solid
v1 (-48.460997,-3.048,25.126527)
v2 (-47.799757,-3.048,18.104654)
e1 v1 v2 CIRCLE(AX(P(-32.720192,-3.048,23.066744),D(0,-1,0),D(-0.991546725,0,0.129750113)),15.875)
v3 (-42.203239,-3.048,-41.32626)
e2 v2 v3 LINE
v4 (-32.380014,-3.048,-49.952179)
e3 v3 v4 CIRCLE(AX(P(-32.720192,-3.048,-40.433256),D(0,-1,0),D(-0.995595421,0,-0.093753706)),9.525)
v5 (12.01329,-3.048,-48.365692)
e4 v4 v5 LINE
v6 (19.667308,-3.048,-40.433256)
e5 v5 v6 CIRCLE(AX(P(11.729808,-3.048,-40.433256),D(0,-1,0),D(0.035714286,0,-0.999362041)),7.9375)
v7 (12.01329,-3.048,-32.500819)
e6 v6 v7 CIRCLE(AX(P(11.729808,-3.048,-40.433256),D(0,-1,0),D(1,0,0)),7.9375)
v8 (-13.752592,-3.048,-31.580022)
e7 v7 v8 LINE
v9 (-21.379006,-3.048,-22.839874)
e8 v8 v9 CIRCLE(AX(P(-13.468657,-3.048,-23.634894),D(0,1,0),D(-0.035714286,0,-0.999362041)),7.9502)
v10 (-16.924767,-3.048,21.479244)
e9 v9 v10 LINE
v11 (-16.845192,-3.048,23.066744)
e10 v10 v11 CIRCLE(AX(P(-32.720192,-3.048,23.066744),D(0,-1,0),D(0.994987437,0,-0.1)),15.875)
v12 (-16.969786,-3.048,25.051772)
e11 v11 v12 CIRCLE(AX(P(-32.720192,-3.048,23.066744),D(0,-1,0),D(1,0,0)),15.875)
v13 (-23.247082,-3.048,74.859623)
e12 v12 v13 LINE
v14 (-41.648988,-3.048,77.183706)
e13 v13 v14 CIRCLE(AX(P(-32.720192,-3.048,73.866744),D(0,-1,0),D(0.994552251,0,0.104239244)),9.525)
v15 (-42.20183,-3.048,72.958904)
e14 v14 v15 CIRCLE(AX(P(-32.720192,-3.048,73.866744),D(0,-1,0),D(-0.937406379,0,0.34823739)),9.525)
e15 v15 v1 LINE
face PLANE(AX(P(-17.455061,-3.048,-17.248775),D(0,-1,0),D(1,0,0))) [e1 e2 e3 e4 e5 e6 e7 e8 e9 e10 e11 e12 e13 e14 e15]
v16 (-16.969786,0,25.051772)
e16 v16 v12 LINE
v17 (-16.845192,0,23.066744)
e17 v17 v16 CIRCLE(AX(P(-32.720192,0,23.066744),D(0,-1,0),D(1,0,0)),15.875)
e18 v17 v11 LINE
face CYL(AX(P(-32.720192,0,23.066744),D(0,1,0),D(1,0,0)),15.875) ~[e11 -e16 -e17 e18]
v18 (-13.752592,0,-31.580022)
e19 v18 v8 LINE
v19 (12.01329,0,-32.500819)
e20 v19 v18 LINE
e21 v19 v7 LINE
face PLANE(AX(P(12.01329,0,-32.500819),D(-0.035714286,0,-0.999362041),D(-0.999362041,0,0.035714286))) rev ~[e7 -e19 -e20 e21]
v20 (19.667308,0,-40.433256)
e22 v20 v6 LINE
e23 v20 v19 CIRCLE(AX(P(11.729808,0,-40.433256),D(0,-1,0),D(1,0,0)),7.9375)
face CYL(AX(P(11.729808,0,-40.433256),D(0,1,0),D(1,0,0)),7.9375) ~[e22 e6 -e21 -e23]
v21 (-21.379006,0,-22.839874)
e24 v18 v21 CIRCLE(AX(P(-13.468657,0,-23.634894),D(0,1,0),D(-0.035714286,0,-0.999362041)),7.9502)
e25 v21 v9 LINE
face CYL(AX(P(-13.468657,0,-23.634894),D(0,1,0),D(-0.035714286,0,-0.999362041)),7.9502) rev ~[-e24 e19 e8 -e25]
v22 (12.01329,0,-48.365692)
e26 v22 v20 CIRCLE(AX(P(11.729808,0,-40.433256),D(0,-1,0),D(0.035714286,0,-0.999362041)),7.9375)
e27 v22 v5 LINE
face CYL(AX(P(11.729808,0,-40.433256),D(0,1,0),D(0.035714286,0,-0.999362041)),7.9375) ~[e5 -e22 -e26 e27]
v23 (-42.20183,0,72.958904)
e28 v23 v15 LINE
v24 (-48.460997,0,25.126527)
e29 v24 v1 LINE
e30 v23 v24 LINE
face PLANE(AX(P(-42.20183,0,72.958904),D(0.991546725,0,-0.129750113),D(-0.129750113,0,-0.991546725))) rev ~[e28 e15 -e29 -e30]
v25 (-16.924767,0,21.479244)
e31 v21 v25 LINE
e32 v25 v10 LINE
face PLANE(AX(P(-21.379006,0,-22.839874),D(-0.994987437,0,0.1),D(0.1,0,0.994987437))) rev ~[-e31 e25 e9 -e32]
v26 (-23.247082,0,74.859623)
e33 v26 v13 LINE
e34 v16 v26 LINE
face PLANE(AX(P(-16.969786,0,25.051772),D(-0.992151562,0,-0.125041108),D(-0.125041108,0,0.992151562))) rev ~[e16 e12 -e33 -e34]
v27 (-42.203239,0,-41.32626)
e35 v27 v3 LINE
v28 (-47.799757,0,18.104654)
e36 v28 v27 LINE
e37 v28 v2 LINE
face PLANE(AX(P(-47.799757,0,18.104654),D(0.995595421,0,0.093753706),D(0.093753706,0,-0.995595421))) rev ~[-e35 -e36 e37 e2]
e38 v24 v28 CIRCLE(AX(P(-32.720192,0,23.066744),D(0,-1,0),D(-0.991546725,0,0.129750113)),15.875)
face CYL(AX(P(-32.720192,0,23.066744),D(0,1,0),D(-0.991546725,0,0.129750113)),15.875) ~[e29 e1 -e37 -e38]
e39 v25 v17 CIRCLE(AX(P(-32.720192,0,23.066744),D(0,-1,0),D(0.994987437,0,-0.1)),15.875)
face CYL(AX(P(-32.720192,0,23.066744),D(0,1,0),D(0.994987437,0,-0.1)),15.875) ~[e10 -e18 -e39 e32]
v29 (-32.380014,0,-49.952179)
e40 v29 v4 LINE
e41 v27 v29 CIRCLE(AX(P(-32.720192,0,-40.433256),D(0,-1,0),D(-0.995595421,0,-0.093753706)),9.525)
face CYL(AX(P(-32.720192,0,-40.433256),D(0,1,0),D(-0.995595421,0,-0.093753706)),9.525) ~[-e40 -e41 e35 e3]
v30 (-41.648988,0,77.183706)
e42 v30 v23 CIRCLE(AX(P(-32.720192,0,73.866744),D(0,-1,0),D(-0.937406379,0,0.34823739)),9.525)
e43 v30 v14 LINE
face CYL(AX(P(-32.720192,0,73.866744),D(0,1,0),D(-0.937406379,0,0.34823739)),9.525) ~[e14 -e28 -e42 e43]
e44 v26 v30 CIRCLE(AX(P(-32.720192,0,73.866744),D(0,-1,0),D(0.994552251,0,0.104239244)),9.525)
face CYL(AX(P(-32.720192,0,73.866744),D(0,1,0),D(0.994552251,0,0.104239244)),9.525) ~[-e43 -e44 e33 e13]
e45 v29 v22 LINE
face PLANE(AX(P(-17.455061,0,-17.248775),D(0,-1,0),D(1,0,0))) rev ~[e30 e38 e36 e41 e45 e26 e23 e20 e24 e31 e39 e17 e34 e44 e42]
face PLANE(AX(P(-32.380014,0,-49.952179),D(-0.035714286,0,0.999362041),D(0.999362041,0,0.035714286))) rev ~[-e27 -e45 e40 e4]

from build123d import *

# Parameters (mm, degrees)
F0_R     = 3.175
F1_DEPTH = 3.048


with BuildPart() as f1:
    # F0 (on Front) → F1 (new body)
    with BuildSketch(Plane.XZ):
        with BuildLine():
            ThreePointArc((-16.9247666998, 21.4792444312), (-22.070918521, 11.293529333), (-32.7201922638, 7.1917444312))
            Line((-32.7201922638, 7.1917444312), (-32.7201922638, -30.9082555688))
            ThreePointArc((-32.7201922638, -30.9082555688), (-25.985000173, -33.698063478), (-23.1951922638, -40.4332555688))
            Line((-23.1951922638, -40.4332555688), (3.7923077362, -40.4332555688))
            ThreePointArc((3.7923077362, -40.4332555688), (6.2182849547, -34.7212486641), (12.013289879, -32.5008193651))
            Line((12.013289879, -32.5008193651), (-13.7525922633, -31.5800218579))
            ThreePointArc((-13.7525922633, -31.5800218579), (-19.4589923665, -28.8618964189), (-21.3790056715, -22.8398737564))
            Line((-21.3790056715, -22.8398737564), (-16.9247666998, 21.4792444312))
        make_face()
        with BuildLine():
            ThreePointArc((-32.7201922638, 7.1917444312), (-42.0272444513, 10.2061688384), (-47.7997573919, 18.1046540905))
            Line((-47.7997573919, 18.1046540905), (-42.2032386499, -41.326259622))
            ThreePointArc((-42.2032386499, -41.326259622), (-39.7640366902, -34.0215568316), (-32.7201922638, -30.9082555688))
            Line((-32.7201922638, -30.9082555688), (-32.7201922638, 7.1917444312))
        make_face()
        with BuildLine():
            ThreePointArc((-23.1951922638, 73.8667444312), (-25.985000173, 67.1315523404), (-32.7201922638, 64.3417444312))
            Line((-32.7201922638, 64.3417444312), (-32.7201922638, 59.5919444312))
            Line((-32.7201922638, 59.5919444312), (-32.7201922638, 38.9417444312))
            ThreePointArc((-32.7201922638, 38.9417444312), (-22.2201134041, 34.9732119568), (-16.9697862216, 25.051772014))
            Line((-16.9697862216, 25.051772014), (-23.2470820733, 74.8596232349))
            ThreePointArc((-23.2470820733, 74.8596232349), (-23.2081735621, 74.3638613368), (-23.1951922638, 73.8667444312))
        make_face()
        with BuildLine():
            ThreePointArc((-16.9697862216, 25.051772014), (-22.2201134041, 34.9732119568), (-32.7201922638, 38.9417444312))
            Line((-32.7201922638, 38.9417444312), (-32.7201922638, 26.2417444312))
            ThreePointArc((-32.7201922638, 26.2417444312), (-30.4751282336, 25.3118084615), (-29.5451922638, 23.0667444312))
            ThreePointArc((-29.5451922638, 23.0667444312), (-30.4751282336, 20.821680401), (-32.7201922638, 19.8917444312))
            Line((-32.7201922638, 19.8917444312), (-32.7201922638, 7.1917444312))
            ThreePointArc((-32.7201922638, 7.1917444312), (-22.070918521, 11.293529333), (-16.9247666998, 21.4792444312))
            ThreePointArc((-16.9247666998, 21.4792444312), (-16.8650983532, 22.2719978772), (-16.8451922638, 23.0667444312))
            ThreePointArc((-16.8451922638, 23.0667444312), (-16.8763713718, 24.0612113938), (-16.9697862216, 25.051772014))
        make_face()
        with BuildLine():
            Line((-32.7201922638, 26.2417444312), (-32.7201922638, 38.9417444312))
            ThreePointArc((-32.7201922638, 38.9417444312), (-43.1919774337, 34.9981039664), (-48.4609965266, 25.1265274684))
            Line((-48.4609965266, 25.1265274684), (-47.7997573919, 18.1046540905))
            ThreePointArc((-47.7997573919, 18.1046540905), (-42.0272444513, 10.2061688384), (-32.7201922638, 7.1917444312))
            Line((-32.7201922638, 7.1917444312), (-32.7201922638, 19.8917444312))
            ThreePointArc((-32.7201922638, 19.8917444312), (-35.8951922638, 23.0667444312), (-32.7201922638, 26.2417444312))
        make_face()
        with BuildLine():
            Line((-32.7201922638, 59.5919444312), (-32.7201922638, 64.3417444312))
            ThreePointArc((-32.7201922638, 64.3417444312), (-39.1263785452, 66.8178862025), (-42.2018298248, 72.9589040472))
            Line((-42.2018298248, 72.9589040472), (-48.4609965266, 25.1265274684))
            ThreePointArc((-48.4609965266, 25.1265274684), (-43.1919774337, 34.9981039664), (-32.7201922638, 38.9417444312))
            Line((-32.7201922638, 38.9417444312), (-32.7201922638, 59.5919444312))
        make_face()
        with Locations((-35.8951922638, 59.5919444312)):
            Circle(F0_R, mode=Mode.SUBTRACT)
        with BuildLine():
            ThreePointArc((-42.2018298248, 72.9589040472), (-39.1263785452, 66.8178862025), (-32.7201922638, 64.3417444312))
            ThreePointArc((-32.7201922638, 64.3417444312), (-25.985000173, 67.1315523404), (-23.1951922638, 73.8667444312))
            ThreePointArc((-23.1951922638, 73.8667444312), (-23.2081735621, 74.3638613368), (-23.2470820733, 74.8596232349))
            ThreePointArc((-23.2470820733, 74.8596232349), (-31.5267060991, 83.3166764826), (-41.6489880278, 77.1837055714))
            Line((-41.6489880278, 77.1837055714), (-42.2018298248, 72.9589040472))
        make_face()
        with BuildLine():
            ThreePointArc((-29.5451922638, 73.8667444312), (-30.4751282336, 71.621680401), (-32.7201922638, 70.6917444312))
            ThreePointArc((-32.7201922638, 70.6917444312), (-34.9652562941, 76.1118084615), (-29.5451922638, 73.8667444312))
        make_face(mode=Mode.SUBTRACT)
        with BuildLine():
            ThreePointArc((-23.1951922638, -40.4332555688), (-25.8657839782, -47.0470829065), (-32.3800136924, -49.9521790131))
            Line((-32.3800136924, -49.9521790131), (12.013289879, -48.3656917724))
            ThreePointArc((12.013289879, -48.3656917724), (6.2182849547, -46.1452624735), (3.7923077362, -40.4332555688))
            Line((3.7923077362, -40.4332555688), (-23.1951922638, -40.4332555688))
        make_face()
        with BuildLine():
            ThreePointArc((3.7923077362, -40.4332555688), (6.2182849547, -46.1452624735), (12.013289879, -48.3656917724))
            ThreePointArc((12.013289879, -48.3656917724), (17.4418146409, -45.9447783502), (19.6673077362, -40.4332555688))
            ThreePointArc((19.6673077362, -40.4332555688), (17.4418146409, -34.9217327873), (12.013289879, -32.5008193651))
            ThreePointArc((12.013289879, -32.5008193651), (6.2182849547, -34.7212486641), (3.7923077362, -40.4332555688))
        make_face()
        with BuildLine():
            ThreePointArc((14.9048077362, -40.4332555688), (11.7298077362, -43.6082555688), (8.5548077362, -40.4332555688))
            ThreePointArc((8.5548077362, -40.4332555688), (11.7298077362, -37.2582555688), (14.9048077362, -40.4332555688))
        make_face(mode=Mode.SUBTRACT)
        with BuildLine():
            ThreePointArc((-32.7201922638, -30.9082555688), (-39.7640366902, -34.0215568316), (-42.2032386499, -41.326259622))
            ThreePointArc((-42.2032386499, -41.326259622), (-39.0050653178, -47.5904893707), (-32.3800136924, -49.9521790131))
            ThreePointArc((-32.3800136924, -49.9521790131), (-25.8657839782, -47.0470829065), (-23.1951922638, -40.4332555688))
            Line((-23.1951922638, -40.4332555688), (-29.5451922638, -40.4332555688))
            ThreePointArc((-29.5451922638, -40.4332555688), (-34.9652562941, -42.678319599), (-32.7201922638, -37.2582555688))
            Line((-32.7201922638, -37.2582555688), (-32.7201922638, -30.9082555688))
        make_face()
        with BuildLine():
            ThreePointArc((-23.1951922638, -40.4332555688), (-25.985000173, -33.698063478), (-32.7201922638, -30.9082555688))
            Line((-32.7201922638, -30.9082555688), (-32.7201922638, -37.2582555688))
            ThreePointArc((-32.7201922638, -37.2582555688), (-30.4751282336, -38.1881915385), (-29.5451922638, -40.4332555688))
            Line((-29.5451922638, -40.4332555688), (-23.1951922638, -40.4332555688))
        make_face()
        with Locations((-35.8951922638, 59.5919444312)):
            Circle(F0_R)
        with BuildLine():
            ThreePointArc((-29.5451922638, 73.8667444312), (-34.9652562941, 76.1118084615), (-32.7201922638, 70.6917444312))
            ThreePointArc((-32.7201922638, 70.6917444312), (-30.4751282336, 71.621680401), (-29.5451922638, 73.8667444312))
        make_face()
        with BuildLine():
            ThreePointArc((14.9048077362, -40.4332555688), (11.7298077362, -37.2582555688), (8.5548077362, -40.4332555688))
            ThreePointArc((8.5548077362, -40.4332555688), (11.7298077362, -43.6082555688), (14.9048077362, -40.4332555688))
        make_face()
        with BuildLine():
            Line((-32.7201922638, -40.4332555688), (-32.7201922638, -37.2582555688))
            ThreePointArc((-32.7201922638, -37.2582555688), (-34.9652562941, -42.678319599), (-29.5451922638, -40.4332555688))
            Line((-29.5451922638, -40.4332555688), (-32.7201922638, -40.4332555688))
        make_face()
        with BuildLine():
            ThreePointArc((-29.5451922638, 23.0667444312), (-30.4751282336, 25.3118084615), (-32.7201922638, 26.2417444312))
            Line((-32.7201922638, 26.2417444312), (-32.7201922638, 19.8917444312))
            ThreePointArc((-32.7201922638, 19.8917444312), (-30.4751282336, 20.821680401), (-29.5451922638, 23.0667444312))
        make_face()
        with BuildLine():
            Line((-32.7201922638, 19.8917444312), (-32.7201922638, 26.2417444312))
            ThreePointArc((-32.7201922638, 26.2417444312), (-35.8951922638, 23.0667444312), (-32.7201922638, 19.8917444312))
        make_face()
        with BuildLine():
            ThreePointArc((-29.5451922638, -40.4332555688), (-30.4751282336, -38.1881915385), (-32.7201922638, -37.2582555688))
            Line((-32.7201922638, -37.2582555688), (-32.7201922638, -40.4332555688))
            Line((-32.7201922638, -40.4332555688), (-29.5451922638, -40.4332555688))
        make_face()
        with BuildLine():
            Line((-47.7997573919, 18.1046540905), (-48.4609965266, 25.1265274684))
            ThreePointArc((-48.4609965266, 25.1265274684), (-48.525269574, 21.5784043426), (-47.7997573919, 18.1046540905))
        make_face()
        with BuildLine():
            ThreePointArc((-41.6489880278, 77.1837055714), (-42.1646748215, 75.1026142535), (-42.2018298248, 72.9589040472))
            Line((-42.2018298248, 72.9589040472), (-41.6489880278, 77.1837055714))
        make_face()
    extrude(amount=F1_DEPTH)


solid = f1.part
